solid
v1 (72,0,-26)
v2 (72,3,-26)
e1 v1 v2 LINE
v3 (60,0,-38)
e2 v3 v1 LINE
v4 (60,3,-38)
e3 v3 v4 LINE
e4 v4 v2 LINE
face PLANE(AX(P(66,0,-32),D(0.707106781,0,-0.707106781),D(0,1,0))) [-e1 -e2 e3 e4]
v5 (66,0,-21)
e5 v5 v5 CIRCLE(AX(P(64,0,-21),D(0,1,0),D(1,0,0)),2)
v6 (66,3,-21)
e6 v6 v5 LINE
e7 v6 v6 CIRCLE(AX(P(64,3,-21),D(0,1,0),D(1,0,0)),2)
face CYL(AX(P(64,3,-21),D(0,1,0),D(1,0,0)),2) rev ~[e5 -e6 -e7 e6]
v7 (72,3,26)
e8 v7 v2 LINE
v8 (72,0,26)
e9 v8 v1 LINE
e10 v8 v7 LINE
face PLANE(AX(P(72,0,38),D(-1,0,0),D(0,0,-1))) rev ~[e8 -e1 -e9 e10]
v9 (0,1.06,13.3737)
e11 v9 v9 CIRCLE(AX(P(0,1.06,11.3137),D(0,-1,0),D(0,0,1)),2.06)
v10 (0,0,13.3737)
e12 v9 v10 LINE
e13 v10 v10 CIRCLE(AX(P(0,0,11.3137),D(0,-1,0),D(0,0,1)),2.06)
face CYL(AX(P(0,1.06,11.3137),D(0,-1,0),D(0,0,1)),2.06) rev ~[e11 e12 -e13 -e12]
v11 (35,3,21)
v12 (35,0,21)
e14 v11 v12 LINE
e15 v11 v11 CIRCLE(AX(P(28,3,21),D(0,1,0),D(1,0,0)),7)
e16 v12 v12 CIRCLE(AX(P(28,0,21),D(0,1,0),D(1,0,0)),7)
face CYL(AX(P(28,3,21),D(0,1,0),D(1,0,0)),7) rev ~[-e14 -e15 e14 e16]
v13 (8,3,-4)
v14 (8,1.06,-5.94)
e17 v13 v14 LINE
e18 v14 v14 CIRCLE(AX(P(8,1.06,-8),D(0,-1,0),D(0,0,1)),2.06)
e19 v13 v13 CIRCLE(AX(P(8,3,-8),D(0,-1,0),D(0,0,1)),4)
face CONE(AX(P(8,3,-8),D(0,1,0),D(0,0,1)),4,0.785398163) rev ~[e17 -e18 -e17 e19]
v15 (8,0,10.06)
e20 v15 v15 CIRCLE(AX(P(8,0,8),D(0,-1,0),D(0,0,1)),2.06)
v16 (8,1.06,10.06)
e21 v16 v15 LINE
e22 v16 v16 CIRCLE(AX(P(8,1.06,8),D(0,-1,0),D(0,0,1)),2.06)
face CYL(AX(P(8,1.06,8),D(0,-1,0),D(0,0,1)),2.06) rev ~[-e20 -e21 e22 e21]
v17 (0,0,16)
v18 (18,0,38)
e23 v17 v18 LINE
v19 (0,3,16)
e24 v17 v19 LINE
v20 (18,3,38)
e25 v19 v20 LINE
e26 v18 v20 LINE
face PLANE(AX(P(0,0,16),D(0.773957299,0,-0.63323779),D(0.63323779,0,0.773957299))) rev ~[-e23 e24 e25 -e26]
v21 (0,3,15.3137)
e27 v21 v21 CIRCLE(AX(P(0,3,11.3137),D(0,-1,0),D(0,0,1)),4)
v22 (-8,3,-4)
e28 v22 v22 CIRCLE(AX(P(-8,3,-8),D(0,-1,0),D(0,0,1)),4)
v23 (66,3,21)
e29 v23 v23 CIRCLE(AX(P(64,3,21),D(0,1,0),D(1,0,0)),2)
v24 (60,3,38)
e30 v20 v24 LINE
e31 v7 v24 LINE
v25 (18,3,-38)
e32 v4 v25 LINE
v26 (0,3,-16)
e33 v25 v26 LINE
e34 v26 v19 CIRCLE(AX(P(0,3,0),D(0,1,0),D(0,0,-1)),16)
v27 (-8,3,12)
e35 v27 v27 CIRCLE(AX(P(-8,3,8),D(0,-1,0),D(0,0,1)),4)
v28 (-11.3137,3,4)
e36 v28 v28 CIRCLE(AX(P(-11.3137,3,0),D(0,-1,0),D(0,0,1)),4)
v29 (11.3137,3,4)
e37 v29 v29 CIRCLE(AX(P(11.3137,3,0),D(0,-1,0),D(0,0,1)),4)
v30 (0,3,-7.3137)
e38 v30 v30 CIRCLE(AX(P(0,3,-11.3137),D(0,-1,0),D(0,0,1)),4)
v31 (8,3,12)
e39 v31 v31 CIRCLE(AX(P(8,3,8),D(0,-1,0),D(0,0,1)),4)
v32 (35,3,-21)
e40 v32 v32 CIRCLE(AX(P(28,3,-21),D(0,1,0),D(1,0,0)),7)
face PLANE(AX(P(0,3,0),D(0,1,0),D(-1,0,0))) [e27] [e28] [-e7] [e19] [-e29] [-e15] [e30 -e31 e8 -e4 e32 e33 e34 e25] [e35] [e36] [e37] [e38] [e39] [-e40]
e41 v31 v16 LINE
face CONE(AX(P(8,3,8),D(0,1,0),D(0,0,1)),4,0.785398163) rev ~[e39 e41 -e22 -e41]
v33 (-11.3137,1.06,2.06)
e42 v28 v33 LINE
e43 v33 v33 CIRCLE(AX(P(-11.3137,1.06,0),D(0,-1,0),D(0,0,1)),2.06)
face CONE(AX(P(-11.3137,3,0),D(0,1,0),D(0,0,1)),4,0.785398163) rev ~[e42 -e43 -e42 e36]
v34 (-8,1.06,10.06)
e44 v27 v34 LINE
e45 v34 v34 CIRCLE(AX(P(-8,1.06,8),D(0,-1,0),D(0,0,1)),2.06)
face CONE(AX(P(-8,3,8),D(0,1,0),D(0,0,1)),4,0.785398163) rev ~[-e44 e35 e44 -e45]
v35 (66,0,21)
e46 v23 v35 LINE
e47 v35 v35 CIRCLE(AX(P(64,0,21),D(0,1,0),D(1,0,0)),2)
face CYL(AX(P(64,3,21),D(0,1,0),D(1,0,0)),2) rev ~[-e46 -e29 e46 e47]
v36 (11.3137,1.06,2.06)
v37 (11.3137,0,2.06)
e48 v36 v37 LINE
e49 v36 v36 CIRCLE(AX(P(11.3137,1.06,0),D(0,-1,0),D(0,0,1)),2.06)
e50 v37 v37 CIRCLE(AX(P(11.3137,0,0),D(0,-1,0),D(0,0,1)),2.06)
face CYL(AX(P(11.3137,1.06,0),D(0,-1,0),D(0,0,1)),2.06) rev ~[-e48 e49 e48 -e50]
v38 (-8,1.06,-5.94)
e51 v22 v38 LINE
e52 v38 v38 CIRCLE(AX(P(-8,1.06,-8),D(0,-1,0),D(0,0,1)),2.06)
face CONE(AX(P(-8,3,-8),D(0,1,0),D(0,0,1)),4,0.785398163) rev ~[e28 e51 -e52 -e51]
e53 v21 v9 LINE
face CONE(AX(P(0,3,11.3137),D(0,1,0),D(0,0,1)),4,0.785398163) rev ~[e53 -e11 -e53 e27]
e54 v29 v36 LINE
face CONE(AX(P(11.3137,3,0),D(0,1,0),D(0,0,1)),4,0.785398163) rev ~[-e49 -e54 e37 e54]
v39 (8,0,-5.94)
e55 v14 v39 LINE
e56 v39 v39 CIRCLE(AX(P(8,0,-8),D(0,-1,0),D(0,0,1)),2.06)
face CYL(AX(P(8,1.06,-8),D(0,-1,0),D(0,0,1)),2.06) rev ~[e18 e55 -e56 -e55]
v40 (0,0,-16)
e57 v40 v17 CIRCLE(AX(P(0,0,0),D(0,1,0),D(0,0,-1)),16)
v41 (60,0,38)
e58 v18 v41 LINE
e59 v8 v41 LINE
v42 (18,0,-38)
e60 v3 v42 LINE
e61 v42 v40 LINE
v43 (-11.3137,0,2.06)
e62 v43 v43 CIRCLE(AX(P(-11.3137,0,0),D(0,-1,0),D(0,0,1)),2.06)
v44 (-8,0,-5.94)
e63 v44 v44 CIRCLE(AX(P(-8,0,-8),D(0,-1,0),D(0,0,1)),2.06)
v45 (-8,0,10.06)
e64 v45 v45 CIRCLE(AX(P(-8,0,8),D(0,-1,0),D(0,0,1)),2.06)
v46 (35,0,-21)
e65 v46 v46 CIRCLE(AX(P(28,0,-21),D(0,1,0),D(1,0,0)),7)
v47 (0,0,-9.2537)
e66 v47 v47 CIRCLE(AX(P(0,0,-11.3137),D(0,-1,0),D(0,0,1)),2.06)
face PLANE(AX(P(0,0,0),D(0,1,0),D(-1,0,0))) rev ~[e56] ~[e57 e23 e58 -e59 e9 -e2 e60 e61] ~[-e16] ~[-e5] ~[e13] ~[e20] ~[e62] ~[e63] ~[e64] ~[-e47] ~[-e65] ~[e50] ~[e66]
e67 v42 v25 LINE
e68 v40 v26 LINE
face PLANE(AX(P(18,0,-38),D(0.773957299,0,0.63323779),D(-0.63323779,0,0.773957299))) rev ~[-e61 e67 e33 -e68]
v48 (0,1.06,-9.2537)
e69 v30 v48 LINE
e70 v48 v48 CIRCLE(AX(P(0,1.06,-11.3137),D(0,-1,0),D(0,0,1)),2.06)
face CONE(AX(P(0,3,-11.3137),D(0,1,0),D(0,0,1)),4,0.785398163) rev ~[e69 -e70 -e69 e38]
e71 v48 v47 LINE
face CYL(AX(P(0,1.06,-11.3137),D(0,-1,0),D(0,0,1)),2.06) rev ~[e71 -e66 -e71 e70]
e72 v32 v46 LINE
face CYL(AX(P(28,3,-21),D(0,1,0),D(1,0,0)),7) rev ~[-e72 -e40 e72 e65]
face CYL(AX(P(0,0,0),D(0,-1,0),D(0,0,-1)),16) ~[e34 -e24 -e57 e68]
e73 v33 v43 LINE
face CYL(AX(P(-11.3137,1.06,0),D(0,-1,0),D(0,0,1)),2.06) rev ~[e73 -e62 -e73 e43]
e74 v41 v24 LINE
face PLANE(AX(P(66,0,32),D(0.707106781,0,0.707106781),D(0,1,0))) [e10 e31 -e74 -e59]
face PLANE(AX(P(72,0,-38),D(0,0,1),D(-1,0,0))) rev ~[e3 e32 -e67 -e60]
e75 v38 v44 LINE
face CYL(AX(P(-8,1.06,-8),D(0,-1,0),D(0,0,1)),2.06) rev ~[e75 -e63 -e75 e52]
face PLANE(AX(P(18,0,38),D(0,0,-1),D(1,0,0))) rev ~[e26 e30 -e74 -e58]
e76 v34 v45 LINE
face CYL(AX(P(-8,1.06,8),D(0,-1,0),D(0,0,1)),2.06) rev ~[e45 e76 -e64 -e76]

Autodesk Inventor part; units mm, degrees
ref_plane "YZ Plane" through (0, 0, 0) normal (1, 0, 0) x (0, 1, 0)
ref_plane "XZ Plane" through (0, 0, 0) normal (0, 1, 0) x (-1, 0, 0)
ref_plane "XY Plane" through (0, 0, 0) normal (0, 0, 1) x (1, 0, 0)
sketch "Sketch1" plane through (0, 0, 0) normal (0, 1, 0) x (-1, 0, 0)
  arc A0 (0, -16) -> (0, 16) centre (0, 0) ccw
  circle A1 centre (8, -8) radius 2
  circle A2 centre (11.3137, 0) radius 2
  circle A3 centre (8, 8) radius 2
  circle A4 centre (0, 11.3137) radius 2
  circle A5 centre (-8, 8) radius 2
  circle A6 centre (-11.3137, 0) radius 2
  circle A7 centre (-8, -8) radius 2
  circle A8 centre (0, -11.3137) radius 2
  line L0 (0, 16) -> (-18, 38)
  line L1 (-18, 38) -> (-72, 38)
  line L2 (-72, 38) -> (-72, -38)
  line L3 (-72, -38) -> (-18, -38)
  line L4 (-18, -38) -> (0, -16)
  arc A9 (0, 16) -> (0, -16) centre (0, 0) ccw construction
  point P0 (-72, 0)
  dimension "d0" = 32
  dimension "d1" = 4
  dimension "d2" = 8
  dimension "d3" = 8
  dimension "d6" = 360
  dimension "d10" = 76
  dimension "d11" = 72
  dimension "d13" = 18
extrude "Extrusion1" add sketch "Sketch1" along normal blind 3
sketch "Sketch2" plane through (0, 3, 0) normal (0, 1, 0) x (1, 0, 0)
  circle A0 centre (28, -21) radius 7
  circle A1 centre (28, -21) radius 21 construction
  line L0 (0, 0) -> (72, 0) construction
  line L1 (72, -38) -> (72, 38) construction
  circle A2 centre (28, 21) radius 7
  circle A3 centre (28, 21) radius 21 construction
  circle A4 centre (64, -21) radius 2
  circle A5 centre (64, 21) radius 2
  dimension "d14" = 14
  dimension "d15" = 42
  dimension "d16" = 21
  dimension "d17" = 28
  dimension "d18" = 4
  dimension "d19" = 36
extrude "Extrusion2" cut sketch "Sketch2" against normal through all
sketch "Sketch3" plane through (0, 3, 0) normal (0, 1, 0) x (1, 0, 0)
  circle A0 centre (-11.3137, 0) radius 2 projected
  circle A1 centre (-8, 8) radius 2 projected
  circle A2 centre (0, 11.3137) radius 2 projected
  circle A3 centre (8, 8) radius 2 projected
  circle A4 centre (11.3137, 0) radius 2 projected
  circle A5 centre (8, -8) radius 2 projected
  circle A6 centre (0, -11.3137) radius 2 projected
  circle A7 centre (-8, -8) radius 2 projected
  point P0 (0, 0)
hole "Hole1" at (-8, 3, 8) at (-11.3137, 3, 0) at (-8, 3, -8) at (0, 3, -11.3137) at (8, 3, -8) at (11.3137, 3, 0) at (8, 3, 8) at (0, 3, 11.3137) direction (0, -1, 0) diameter 4.12 end through all countersink diameter 8 countersink angle 90
chamfer "Chamfer1" distance 12 angle 45 2 edges at (72, 1.5, 38) (72, 1.5, -38)
properties part number "ClawBase" material "Aluminum 6061"
